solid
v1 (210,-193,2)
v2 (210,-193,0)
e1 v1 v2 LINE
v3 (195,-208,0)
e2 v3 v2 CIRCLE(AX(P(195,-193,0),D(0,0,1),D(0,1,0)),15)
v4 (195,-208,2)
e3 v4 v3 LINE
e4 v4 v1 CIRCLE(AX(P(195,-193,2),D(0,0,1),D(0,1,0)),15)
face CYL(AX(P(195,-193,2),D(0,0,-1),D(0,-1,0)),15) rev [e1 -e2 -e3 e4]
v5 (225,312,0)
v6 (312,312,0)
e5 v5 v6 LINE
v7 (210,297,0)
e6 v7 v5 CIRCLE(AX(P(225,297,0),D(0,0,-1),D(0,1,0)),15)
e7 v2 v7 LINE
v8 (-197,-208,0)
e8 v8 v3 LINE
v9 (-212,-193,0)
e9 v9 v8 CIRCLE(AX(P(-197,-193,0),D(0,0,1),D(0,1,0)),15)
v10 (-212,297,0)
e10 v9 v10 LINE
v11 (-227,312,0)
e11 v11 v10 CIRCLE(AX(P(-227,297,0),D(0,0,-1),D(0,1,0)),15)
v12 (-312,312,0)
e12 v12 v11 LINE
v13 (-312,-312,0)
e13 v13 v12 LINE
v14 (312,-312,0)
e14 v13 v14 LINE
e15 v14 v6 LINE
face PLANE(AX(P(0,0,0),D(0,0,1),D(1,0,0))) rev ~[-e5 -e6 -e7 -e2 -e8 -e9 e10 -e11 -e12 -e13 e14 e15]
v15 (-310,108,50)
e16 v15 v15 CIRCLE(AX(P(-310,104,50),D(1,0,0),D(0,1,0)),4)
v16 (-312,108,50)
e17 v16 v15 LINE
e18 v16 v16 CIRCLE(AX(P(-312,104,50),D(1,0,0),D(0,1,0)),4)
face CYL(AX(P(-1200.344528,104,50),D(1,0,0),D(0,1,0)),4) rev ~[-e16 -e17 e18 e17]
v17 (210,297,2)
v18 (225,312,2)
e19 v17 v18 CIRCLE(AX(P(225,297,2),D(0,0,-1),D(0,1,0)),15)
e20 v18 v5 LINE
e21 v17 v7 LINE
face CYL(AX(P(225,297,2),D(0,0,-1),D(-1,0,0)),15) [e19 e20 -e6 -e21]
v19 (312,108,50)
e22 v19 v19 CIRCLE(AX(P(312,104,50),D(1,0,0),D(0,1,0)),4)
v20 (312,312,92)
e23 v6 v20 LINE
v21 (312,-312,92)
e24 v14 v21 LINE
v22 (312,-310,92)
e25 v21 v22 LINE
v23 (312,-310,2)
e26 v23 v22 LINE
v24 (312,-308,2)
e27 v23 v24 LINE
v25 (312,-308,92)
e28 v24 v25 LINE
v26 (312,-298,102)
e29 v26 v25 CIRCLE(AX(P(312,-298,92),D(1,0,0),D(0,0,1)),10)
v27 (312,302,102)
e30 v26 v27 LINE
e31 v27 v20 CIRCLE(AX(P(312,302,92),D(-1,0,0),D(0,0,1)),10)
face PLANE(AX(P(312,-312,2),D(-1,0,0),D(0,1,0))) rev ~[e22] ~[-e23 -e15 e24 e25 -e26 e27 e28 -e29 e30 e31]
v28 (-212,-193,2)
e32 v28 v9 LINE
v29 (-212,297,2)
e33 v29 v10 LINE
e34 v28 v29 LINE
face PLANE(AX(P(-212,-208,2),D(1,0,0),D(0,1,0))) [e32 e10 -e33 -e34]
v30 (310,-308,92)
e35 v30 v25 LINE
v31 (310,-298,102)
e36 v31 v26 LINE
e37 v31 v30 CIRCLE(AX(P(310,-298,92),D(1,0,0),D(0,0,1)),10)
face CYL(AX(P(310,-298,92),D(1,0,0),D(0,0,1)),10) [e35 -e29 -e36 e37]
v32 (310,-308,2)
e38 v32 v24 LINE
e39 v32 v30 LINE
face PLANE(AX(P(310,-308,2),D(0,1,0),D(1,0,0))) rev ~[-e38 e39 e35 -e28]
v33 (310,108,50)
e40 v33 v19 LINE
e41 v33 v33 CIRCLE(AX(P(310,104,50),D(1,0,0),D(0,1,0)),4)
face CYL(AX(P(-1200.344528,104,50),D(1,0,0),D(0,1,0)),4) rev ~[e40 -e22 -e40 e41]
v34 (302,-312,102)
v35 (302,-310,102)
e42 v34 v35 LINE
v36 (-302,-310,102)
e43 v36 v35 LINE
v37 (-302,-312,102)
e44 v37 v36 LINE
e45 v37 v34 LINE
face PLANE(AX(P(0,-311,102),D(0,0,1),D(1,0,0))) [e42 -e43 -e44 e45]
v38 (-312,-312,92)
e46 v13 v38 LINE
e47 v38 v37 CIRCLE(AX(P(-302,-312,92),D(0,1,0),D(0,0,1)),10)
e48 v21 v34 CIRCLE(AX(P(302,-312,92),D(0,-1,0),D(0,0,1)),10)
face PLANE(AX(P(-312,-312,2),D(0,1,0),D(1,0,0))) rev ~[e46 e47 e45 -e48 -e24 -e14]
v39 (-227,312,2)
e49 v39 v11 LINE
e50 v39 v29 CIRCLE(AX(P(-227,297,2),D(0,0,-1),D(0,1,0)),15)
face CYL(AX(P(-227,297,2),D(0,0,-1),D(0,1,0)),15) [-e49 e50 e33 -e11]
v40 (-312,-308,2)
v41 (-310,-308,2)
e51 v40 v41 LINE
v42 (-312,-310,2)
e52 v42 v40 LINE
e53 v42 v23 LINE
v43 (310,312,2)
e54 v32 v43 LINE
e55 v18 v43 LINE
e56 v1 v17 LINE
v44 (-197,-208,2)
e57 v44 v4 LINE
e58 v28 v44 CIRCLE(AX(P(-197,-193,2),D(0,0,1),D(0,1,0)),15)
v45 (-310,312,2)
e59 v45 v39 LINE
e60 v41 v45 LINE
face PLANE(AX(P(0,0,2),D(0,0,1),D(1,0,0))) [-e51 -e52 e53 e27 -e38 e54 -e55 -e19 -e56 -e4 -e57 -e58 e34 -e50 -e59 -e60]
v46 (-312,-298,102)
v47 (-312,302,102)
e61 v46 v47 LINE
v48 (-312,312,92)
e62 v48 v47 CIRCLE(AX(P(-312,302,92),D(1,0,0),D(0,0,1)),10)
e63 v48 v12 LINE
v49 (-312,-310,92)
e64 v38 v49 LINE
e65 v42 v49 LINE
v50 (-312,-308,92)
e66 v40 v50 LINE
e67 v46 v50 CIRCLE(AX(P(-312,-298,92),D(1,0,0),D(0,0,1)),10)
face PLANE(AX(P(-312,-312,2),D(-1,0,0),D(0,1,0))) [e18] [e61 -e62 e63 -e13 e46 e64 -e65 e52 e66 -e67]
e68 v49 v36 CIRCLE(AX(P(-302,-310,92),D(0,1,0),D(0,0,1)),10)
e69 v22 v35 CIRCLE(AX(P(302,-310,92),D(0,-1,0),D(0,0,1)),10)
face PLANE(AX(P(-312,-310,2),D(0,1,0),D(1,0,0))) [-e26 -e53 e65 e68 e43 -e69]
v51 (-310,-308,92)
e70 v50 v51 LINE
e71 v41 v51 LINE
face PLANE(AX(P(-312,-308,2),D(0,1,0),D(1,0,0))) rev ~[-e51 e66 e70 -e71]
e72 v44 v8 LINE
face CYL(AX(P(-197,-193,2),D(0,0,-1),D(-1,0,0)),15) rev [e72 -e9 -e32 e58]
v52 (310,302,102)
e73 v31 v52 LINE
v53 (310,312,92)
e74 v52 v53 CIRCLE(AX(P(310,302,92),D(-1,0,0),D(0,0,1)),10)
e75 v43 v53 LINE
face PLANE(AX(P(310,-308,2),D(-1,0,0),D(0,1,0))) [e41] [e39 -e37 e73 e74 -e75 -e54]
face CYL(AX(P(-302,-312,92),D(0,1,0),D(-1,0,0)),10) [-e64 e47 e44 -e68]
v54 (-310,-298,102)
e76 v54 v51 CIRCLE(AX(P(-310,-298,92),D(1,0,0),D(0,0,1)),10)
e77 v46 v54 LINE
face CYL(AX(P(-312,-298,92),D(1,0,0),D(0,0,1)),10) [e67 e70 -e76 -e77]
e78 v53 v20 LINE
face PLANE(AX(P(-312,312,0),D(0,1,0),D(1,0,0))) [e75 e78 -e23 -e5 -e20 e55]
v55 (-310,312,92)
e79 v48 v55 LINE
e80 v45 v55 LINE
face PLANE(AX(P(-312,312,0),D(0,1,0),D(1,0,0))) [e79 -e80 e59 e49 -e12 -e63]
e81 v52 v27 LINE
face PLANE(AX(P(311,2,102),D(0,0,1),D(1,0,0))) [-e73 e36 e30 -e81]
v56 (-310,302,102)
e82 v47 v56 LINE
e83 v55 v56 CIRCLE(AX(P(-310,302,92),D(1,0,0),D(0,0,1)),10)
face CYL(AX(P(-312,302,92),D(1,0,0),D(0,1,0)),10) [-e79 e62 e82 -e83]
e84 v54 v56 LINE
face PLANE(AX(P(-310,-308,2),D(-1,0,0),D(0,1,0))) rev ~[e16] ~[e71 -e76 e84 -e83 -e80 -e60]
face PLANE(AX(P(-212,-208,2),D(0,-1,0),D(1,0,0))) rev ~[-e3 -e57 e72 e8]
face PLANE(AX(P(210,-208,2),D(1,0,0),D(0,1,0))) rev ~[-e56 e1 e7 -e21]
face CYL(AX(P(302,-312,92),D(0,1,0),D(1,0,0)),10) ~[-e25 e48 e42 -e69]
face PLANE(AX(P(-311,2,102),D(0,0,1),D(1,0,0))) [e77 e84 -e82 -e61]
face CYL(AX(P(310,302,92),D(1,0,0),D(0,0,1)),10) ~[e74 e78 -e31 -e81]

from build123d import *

# Parameters (mm, degrees)
F0_W     = 624
F0_H     = 624
F1_DEPTH = 2
F2_W     = 624
F2_H     = 2
F2_W_2   = 2
F2_H_2   = 620
F3_DEPTH = 100
F4_R     = 10
F6_D     = 8
F7_W     = 422
F7_H     = 520
F8_DEPTH = 25
F9_R     = 15


with BuildPart() as f1:
    # F0 (on Top) → F1 (new body)
    with BuildSketch(Plane.XY):
        Rectangle(F0_W, F0_H)
    extrude(amount=F1_DEPTH)

    # F2 (on face) → F3 (join)
    with BuildSketch(Plane.XY.offset(2)):
        with Locations((0, -311)):
            Rectangle(F2_W, F2_H)
        with Locations((-311, 2)):
            Rectangle(F2_W_2, F2_H_2)
        with Locations((311, 2)):
            Rectangle(F2_W_2, F2_H_2)
    extrude(amount=F3_DEPTH)

    # F4
    f4_edges = [f1.edges().sort_by_distance(p)[0] for p in [
        (311, 312, 102),
        (-311, 312, 102),
        (-312, -311, 102),
        (-311, -308, 102),
        (311, -308, 102),
        (312, -311, 102),
    ]]
    fillet(f4_edges, radius=F4_R)

    # F6 (through all)
    with Locations(Plane(origin=(-312, 0, 0), x_dir=(0, -1, 0), z_dir=(-1, 0, 0))):
        with Locations((-104, 50)):
            Hole(F6_D / 2)

    # F7 (on face) → F8 (cut)
    with BuildSketch(Plane.XY.offset(2)):
        with Locations((-1, 52)):
            Rectangle(F7_W, F7_H)
    extrude(amount=-F8_DEPTH, mode=Mode.SUBTRACT)

    # F9
    f9_edges = [f1.edges().sort_by_distance(p)[0] for p in [
        (210, -208, 1),
        (210, 312, 1),
        (-212, 312, 1),
        (-212, -208, 1),
    ]]
    fillet(f9_edges, radius=F9_R)


solid = f1.part
